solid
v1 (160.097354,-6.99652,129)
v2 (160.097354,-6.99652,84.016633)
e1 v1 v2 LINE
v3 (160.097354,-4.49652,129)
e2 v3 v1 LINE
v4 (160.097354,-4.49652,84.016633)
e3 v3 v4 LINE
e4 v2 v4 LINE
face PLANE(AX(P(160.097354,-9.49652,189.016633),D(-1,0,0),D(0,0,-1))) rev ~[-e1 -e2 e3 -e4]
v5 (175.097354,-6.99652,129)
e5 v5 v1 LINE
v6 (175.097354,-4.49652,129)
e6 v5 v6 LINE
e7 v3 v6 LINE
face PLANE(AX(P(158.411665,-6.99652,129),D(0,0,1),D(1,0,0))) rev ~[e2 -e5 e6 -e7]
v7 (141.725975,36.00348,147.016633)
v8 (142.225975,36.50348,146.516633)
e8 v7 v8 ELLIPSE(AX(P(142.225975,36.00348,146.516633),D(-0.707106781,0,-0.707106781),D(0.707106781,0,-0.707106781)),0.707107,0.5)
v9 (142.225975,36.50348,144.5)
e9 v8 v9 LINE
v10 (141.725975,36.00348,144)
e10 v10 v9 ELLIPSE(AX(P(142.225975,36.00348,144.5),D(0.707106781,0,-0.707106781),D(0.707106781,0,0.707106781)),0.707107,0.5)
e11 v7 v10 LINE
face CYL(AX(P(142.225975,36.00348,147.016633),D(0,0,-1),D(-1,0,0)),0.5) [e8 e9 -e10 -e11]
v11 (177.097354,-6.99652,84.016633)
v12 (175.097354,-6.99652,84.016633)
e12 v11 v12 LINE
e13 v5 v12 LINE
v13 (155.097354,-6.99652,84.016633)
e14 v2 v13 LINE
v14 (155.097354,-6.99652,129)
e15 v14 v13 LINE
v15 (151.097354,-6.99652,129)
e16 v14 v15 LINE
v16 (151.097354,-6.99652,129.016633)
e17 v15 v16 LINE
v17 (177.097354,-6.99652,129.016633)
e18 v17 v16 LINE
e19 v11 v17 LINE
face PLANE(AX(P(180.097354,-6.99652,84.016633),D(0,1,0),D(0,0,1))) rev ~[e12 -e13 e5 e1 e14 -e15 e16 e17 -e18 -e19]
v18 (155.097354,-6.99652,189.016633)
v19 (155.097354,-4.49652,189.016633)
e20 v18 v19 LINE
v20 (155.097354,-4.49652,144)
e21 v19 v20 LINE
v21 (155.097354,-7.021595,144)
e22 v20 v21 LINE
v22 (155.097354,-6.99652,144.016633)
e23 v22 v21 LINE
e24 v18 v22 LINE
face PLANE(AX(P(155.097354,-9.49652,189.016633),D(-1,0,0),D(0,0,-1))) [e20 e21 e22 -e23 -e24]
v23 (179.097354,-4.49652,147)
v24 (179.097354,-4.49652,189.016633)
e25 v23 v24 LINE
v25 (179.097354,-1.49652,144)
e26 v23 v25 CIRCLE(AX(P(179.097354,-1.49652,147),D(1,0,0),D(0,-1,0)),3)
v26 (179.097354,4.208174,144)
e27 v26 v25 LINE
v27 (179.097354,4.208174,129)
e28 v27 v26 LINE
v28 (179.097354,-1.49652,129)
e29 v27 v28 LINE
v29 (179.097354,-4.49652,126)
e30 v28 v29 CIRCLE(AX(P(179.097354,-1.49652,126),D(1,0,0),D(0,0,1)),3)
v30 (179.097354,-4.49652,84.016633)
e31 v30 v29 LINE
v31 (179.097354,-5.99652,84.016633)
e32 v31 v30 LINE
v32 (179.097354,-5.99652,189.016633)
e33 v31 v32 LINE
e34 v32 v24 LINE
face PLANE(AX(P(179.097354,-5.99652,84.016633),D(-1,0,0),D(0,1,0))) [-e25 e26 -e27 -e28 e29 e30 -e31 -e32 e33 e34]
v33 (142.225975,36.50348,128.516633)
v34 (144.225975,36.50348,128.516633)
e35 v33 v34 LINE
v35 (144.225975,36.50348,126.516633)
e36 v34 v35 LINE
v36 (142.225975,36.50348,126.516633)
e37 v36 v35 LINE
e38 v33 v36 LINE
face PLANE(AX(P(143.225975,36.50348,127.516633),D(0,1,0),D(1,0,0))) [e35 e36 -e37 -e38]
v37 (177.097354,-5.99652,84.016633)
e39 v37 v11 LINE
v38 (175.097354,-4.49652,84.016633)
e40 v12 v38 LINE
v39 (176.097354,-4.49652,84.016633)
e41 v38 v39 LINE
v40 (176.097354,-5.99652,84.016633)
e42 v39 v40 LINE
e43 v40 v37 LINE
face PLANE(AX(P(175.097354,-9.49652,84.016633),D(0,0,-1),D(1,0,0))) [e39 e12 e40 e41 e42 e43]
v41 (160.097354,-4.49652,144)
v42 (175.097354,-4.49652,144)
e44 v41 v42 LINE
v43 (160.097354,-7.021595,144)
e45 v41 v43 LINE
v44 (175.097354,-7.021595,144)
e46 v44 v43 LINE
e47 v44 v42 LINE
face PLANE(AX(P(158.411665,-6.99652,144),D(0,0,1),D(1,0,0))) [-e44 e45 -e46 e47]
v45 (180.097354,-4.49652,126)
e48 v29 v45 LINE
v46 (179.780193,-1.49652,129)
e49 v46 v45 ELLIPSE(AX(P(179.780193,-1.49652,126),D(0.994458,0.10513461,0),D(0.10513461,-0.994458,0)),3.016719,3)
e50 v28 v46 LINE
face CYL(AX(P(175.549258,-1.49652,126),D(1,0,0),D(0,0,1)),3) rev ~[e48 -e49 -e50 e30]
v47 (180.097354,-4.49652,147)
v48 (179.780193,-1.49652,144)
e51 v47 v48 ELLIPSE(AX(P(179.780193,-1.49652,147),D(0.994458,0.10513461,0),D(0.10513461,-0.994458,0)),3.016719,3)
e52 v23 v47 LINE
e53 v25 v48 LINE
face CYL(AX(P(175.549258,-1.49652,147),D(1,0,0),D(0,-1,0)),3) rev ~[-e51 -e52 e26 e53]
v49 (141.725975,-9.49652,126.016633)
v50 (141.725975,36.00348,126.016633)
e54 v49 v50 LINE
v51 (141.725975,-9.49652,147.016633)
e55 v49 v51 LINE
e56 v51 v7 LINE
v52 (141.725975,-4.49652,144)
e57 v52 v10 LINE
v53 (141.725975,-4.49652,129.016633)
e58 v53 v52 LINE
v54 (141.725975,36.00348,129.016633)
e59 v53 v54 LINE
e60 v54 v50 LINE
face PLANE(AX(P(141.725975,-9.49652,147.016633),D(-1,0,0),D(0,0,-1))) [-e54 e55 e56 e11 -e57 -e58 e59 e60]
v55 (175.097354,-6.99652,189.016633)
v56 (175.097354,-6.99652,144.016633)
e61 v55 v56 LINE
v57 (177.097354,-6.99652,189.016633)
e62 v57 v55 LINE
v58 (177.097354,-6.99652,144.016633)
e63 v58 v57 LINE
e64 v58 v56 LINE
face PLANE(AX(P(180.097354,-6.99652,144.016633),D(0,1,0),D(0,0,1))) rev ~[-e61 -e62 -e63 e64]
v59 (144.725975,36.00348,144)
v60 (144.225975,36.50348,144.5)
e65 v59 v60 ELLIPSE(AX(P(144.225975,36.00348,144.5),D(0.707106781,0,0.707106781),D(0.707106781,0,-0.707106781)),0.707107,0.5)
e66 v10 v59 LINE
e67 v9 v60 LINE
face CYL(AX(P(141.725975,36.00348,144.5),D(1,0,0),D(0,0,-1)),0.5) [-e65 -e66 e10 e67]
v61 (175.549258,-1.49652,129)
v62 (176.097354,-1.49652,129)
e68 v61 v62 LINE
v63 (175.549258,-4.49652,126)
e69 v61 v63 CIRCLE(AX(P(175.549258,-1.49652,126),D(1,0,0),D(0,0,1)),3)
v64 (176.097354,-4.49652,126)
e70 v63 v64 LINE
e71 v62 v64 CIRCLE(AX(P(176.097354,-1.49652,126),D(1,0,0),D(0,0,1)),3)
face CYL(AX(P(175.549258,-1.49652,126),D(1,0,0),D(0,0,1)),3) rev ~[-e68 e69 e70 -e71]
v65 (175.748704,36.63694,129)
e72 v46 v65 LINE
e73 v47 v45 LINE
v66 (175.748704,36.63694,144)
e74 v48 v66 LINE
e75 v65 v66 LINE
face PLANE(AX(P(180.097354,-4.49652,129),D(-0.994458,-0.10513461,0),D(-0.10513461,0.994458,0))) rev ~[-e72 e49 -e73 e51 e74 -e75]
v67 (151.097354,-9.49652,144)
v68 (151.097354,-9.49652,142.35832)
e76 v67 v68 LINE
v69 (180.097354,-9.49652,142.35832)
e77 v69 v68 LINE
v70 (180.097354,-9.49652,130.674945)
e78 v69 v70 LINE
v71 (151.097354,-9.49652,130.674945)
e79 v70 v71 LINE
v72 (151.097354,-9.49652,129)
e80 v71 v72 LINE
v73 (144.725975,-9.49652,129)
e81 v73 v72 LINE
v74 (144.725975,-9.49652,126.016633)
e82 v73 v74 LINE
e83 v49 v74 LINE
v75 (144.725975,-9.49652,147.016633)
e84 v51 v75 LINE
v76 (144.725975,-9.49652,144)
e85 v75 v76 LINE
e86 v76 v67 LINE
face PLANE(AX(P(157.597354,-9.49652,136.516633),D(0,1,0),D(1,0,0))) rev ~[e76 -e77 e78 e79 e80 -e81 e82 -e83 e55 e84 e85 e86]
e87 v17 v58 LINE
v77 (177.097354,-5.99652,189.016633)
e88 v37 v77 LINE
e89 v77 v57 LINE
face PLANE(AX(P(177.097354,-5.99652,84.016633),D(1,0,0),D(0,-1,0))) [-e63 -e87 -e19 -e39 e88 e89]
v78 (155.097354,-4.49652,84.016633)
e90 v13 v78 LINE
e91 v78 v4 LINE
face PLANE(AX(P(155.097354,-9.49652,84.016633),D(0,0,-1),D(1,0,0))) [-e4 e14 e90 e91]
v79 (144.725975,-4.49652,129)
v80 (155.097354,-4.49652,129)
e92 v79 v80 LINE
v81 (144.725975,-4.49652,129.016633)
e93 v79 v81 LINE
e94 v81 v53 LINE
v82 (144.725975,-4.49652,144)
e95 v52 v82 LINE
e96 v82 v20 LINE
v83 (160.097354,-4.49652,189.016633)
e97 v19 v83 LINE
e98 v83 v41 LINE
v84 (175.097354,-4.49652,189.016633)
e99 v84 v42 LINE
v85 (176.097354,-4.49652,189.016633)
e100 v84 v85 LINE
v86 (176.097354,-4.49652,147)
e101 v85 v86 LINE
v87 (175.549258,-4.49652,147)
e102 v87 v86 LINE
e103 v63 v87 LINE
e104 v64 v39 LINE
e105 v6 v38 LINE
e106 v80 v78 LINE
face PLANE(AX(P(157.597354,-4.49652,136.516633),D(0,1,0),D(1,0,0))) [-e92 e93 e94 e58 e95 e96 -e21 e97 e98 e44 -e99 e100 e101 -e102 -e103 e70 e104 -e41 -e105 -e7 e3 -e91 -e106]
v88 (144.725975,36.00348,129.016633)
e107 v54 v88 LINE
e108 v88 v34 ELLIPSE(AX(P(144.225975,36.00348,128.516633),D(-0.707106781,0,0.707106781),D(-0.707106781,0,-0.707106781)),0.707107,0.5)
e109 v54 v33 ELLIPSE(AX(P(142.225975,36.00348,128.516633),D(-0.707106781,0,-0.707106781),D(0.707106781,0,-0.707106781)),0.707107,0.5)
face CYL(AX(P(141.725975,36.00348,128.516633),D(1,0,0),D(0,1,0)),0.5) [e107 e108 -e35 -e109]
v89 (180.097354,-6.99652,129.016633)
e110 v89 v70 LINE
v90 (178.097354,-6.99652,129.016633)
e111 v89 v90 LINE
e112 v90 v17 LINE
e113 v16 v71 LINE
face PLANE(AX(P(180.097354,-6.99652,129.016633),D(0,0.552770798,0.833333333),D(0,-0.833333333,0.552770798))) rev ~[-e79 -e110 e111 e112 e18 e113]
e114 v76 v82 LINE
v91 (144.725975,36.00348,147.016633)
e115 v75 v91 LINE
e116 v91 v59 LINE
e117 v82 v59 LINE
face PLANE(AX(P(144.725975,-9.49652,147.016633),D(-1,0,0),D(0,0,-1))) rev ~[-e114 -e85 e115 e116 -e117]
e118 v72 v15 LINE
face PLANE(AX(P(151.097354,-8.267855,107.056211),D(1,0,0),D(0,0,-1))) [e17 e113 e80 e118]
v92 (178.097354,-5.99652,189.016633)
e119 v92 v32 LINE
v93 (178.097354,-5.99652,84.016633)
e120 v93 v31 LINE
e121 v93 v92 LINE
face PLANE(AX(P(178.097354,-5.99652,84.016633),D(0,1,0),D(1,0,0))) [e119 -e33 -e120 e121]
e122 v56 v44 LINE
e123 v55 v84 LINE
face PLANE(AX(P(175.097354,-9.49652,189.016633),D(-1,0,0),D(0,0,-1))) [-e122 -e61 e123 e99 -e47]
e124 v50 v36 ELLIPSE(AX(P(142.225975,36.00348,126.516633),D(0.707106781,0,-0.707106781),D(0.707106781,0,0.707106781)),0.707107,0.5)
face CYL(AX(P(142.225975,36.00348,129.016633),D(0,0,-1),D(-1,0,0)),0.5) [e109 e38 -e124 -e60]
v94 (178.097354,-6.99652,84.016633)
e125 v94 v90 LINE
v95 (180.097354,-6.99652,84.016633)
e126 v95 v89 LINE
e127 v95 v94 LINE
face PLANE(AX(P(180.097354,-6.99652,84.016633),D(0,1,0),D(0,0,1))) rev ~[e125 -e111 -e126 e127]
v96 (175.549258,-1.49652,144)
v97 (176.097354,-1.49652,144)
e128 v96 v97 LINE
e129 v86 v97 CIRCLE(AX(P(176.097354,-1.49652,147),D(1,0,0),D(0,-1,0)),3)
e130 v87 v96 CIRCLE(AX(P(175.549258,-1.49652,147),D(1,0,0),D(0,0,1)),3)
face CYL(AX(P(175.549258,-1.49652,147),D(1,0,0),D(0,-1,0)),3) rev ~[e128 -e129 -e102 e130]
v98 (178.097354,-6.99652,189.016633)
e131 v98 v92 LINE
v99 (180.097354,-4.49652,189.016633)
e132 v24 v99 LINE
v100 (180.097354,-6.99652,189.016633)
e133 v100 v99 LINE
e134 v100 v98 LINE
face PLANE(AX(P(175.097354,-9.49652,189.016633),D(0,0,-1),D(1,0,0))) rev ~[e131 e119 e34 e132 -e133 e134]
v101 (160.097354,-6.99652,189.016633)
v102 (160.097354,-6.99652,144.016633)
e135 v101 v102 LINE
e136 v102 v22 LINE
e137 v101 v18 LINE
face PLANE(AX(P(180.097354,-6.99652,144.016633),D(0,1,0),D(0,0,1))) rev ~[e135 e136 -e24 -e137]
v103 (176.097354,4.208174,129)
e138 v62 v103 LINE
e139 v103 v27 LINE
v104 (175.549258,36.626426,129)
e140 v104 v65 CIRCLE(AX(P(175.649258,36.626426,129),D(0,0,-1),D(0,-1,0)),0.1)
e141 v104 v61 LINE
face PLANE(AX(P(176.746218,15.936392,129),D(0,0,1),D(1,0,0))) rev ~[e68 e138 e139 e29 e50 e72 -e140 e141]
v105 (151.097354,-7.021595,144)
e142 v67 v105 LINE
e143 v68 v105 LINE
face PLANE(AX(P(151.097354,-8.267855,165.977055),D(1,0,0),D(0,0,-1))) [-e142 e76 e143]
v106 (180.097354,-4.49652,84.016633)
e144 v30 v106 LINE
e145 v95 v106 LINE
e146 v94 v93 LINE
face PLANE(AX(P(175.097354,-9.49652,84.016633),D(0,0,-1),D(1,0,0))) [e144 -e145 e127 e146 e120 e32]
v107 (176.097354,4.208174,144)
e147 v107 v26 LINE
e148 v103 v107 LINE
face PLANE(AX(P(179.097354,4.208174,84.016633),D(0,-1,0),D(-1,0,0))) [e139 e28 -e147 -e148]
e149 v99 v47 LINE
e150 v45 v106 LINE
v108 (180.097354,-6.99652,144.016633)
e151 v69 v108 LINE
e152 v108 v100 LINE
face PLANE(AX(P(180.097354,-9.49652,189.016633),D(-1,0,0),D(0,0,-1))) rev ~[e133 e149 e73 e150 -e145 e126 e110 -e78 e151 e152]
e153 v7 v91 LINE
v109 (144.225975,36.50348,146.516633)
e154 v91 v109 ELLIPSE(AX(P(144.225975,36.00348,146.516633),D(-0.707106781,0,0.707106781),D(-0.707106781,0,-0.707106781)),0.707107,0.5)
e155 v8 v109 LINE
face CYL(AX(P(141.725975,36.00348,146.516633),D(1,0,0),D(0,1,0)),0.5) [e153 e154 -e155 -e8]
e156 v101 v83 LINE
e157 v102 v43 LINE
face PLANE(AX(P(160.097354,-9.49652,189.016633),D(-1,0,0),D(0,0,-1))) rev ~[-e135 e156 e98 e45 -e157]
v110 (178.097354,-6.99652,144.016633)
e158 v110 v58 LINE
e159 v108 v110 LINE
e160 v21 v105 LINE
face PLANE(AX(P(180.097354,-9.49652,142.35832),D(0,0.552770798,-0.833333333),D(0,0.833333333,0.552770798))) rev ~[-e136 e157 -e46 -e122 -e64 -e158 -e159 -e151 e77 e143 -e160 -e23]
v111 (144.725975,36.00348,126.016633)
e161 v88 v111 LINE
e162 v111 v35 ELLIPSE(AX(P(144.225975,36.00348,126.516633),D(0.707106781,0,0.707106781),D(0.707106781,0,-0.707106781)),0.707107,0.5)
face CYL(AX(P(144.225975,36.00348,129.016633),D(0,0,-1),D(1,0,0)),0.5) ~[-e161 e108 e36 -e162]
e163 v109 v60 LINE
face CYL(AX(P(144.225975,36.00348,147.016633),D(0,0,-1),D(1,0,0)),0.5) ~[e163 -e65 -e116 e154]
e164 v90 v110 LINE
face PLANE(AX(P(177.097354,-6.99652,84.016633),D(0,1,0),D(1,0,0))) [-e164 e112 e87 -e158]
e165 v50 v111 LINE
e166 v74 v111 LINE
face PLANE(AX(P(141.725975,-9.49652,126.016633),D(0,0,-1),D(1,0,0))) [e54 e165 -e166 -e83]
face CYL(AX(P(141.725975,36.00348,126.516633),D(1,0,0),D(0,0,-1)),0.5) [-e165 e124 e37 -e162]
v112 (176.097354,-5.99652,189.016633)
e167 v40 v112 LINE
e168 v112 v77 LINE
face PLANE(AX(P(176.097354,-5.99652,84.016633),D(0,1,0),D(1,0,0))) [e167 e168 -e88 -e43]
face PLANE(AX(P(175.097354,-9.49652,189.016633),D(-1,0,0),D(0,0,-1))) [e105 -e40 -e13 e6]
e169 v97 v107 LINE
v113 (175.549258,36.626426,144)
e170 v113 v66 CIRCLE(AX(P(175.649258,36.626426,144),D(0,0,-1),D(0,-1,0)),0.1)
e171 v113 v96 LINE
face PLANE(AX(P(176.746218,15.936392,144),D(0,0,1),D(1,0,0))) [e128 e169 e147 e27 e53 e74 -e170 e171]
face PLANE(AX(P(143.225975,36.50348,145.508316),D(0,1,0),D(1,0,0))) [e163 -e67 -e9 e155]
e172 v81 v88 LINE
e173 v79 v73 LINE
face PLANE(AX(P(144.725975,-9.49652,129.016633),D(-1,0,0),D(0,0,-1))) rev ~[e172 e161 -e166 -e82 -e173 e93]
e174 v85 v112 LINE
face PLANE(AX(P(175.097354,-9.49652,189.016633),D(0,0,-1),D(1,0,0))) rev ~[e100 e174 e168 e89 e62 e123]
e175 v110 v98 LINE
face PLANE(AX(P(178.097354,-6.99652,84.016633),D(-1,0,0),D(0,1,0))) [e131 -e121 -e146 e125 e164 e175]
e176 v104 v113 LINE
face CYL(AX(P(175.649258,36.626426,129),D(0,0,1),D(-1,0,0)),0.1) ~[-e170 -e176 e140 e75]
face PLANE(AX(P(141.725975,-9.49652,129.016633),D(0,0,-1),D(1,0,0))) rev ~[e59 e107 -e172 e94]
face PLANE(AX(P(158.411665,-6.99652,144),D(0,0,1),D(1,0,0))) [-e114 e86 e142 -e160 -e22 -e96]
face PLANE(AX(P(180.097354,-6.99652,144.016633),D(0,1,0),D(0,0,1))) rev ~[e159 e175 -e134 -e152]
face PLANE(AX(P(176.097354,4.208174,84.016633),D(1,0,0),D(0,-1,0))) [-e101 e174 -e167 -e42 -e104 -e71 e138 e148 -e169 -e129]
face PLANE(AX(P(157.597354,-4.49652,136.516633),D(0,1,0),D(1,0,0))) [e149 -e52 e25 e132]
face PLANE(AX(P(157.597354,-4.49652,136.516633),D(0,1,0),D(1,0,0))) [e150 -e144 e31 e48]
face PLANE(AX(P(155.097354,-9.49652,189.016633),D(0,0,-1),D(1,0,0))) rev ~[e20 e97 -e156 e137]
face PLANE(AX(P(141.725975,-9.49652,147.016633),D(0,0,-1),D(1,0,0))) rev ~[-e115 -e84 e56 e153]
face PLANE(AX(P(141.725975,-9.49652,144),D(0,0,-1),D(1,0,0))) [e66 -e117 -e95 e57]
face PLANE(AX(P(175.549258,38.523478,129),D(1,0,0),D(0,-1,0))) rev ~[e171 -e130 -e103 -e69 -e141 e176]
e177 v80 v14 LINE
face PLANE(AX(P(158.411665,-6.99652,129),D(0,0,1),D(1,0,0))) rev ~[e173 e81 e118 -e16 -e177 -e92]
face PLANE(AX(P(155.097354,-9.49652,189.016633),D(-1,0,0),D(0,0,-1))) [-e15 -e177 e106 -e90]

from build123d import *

# Parameters (mm, degrees)
SKETCH1_W           = 5
SKETCH1_H           = 105
BOSS_EXTRUDE1_DEPTH = 5
BOSS_EXTRUDE2_START = 129
BOSS_EXTRUDE2_DEPTH = 15
BOSS_EXTRUDE3_START = 129
SKETCH3_W           = 33.371379062
SKETCH3_H           = 5
BOSS_EXTRUDE3_DEPTH = 15
SKETCH4_W           = 3
SKETCH4_H           = 3.016632821
SKETCH4_H_2         = 3
BOSS_EXTRUDE4_DEPTH = 46
FILLET1_R           = 0.5
FILLET2_R           = 0.1
FILLET3_R           = 3
LPATTERN2_COUNT     = 2
LPATTERN2_PITCH     = 20
CUT_EXTRUDE3_DEPTH  = 29
CUT_EXTRUDE4_DEPTH  = 106


with BuildPart() as part:
    # Sketch1 → Boss-Extrude1 (new body)
    with BuildSketch(Plane(origin=(0, -9.496519724, 0), x_dir=(1, 0, 0), z_dir=(0, 1, 0))):
        with Locations((177.597354305, -136.516632821)):
            Rectangle(SKETCH1_W, SKETCH1_H)
    boss_extrude1 = extrude(amount=BOSS_EXTRUDE1_DEPTH)

    # Sketch2 → Boss-Extrude2 (add)
    with BuildSketch(Plane(origin=(0, -9.496519724, 0), x_dir=(1, 0, 0), z_dir=(0, 0, 1)).offset(BOSS_EXTRUDE2_START)):
        Polygon((180.097354305, 5), (175.549258031, 48.019997969), (175.549258031, 5), align=None)
    extrude(amount=BOSS_EXTRUDE2_DEPTH)

    # Sketch3 → Boss-Extrude3 (add)
    with BuildSketch(Plane(origin=(0, -9.496519724, 0), x_dir=(1, 0, 0), z_dir=(0, 0, 1)).offset(BOSS_EXTRUDE3_START)):
        with Locations((158.411664774, 2.5)):
            Rectangle(SKETCH3_W, SKETCH3_H)
    extrude(amount=BOSS_EXTRUDE3_DEPTH)

    # Sketch4 → Boss-Extrude4 (add)
    with BuildSketch(Plane(origin=(0, -9.496519724, 0), x_dir=(1, 0, 0), z_dir=(0, 1, 0))):
        with Locations((143.225975243, -145.508316411)):
            Rectangle(SKETCH4_W, SKETCH4_H)
        with Locations((143.225975243, -127.516632821)):
            Rectangle(SKETCH4_W, SKETCH4_H_2)
    extrude(amount=BOSS_EXTRUDE4_DEPTH)

    # Fillet1
    fillet1_edges = [part.edges().sort_by_distance(p)[0] for p in [
        (144.725975243, 36.503480276, 145.50831641),
        (143.225975243, 36.503480276, 144),
        (141.725975243, 36.503480276, 145.50831641),
        (143.225975243, 36.503480276, 147.016632821),
        (144.725975243, 36.503480276, 127.516632821),
        (143.225975243, 36.503480276, 126.016632821),
        (141.725975243, 36.503480276, 127.516632821),
        (143.225975243, 36.503480276, 129.016632821),
    ]]
    fillet(fillet1_edges, radius=FILLET1_R)

    # Fillet2
    fillet2_edges = [part.edges().sort_by_distance(p)[0] for p in [
        (175.549258031, 38.523478245, 136.5),
    ]]
    fillet(fillet2_edges, radius=FILLET2_R)

    # Fillet3
    fillet3_edges = [part.edges().sort_by_distance(p)[0] for p in [
        (177.823306168, -4.496519724, 129),
        (177.823306168, -4.496519724, 144),
    ]]
    fillet(fillet3_edges, radius=FILLET3_R)

    # LPattern2: Boss-Extrude1 ×2
    with Locations(*[(-i * LPATTERN2_PITCH, 0, 0) for i in range(1, LPATTERN2_COUNT)]):
        add(boss_extrude1)

    # Sketch7 → Cut-Extrude3 (cut)
    with BuildSketch(Plane(origin=(180.097354305, 0, 0), x_dir=(0, 0, -1), z_dir=(1, 0, 0))):
        Polygon((-129.016632821, -6.996519724), (-130.674945216, -9.496519724), (-84.016632821, -9.496519724), (-84.016632821, -6.996519724), align=None)
        Polygon((-189.016632821, -6.996519724), (-189.016632821, -9.496519724), (-142.358320426, -9.496519724), (-144.016632821, -6.996519724), align=None)
    extrude(amount=-CUT_EXTRUDE3_DEPTH, mode=Mode.SUBTRACT)

    # Sketch11 → Cut-Extrude4 (cut)
    with BuildSketch(Plane(origin=(0, 0, 84.016632821), x_dir=(-1, 0, 0), z_dir=(0, 0, -1))):
        Polygon((-178.097354305, -6.996519724), (-178.097354305, -5.996519724), (-179.097354305, -5.996519724), (-179.097354305, 4.208174), (-176.097354305, 4.208174), (-176.097354305, -5.996519724), (-177.097354305, -5.996519724), (-177.097354305, -6.996519724), align=None)
    extrude(amount=-CUT_EXTRUDE4_DEPTH, mode=Mode.SUBTRACT)


solid = part.part
